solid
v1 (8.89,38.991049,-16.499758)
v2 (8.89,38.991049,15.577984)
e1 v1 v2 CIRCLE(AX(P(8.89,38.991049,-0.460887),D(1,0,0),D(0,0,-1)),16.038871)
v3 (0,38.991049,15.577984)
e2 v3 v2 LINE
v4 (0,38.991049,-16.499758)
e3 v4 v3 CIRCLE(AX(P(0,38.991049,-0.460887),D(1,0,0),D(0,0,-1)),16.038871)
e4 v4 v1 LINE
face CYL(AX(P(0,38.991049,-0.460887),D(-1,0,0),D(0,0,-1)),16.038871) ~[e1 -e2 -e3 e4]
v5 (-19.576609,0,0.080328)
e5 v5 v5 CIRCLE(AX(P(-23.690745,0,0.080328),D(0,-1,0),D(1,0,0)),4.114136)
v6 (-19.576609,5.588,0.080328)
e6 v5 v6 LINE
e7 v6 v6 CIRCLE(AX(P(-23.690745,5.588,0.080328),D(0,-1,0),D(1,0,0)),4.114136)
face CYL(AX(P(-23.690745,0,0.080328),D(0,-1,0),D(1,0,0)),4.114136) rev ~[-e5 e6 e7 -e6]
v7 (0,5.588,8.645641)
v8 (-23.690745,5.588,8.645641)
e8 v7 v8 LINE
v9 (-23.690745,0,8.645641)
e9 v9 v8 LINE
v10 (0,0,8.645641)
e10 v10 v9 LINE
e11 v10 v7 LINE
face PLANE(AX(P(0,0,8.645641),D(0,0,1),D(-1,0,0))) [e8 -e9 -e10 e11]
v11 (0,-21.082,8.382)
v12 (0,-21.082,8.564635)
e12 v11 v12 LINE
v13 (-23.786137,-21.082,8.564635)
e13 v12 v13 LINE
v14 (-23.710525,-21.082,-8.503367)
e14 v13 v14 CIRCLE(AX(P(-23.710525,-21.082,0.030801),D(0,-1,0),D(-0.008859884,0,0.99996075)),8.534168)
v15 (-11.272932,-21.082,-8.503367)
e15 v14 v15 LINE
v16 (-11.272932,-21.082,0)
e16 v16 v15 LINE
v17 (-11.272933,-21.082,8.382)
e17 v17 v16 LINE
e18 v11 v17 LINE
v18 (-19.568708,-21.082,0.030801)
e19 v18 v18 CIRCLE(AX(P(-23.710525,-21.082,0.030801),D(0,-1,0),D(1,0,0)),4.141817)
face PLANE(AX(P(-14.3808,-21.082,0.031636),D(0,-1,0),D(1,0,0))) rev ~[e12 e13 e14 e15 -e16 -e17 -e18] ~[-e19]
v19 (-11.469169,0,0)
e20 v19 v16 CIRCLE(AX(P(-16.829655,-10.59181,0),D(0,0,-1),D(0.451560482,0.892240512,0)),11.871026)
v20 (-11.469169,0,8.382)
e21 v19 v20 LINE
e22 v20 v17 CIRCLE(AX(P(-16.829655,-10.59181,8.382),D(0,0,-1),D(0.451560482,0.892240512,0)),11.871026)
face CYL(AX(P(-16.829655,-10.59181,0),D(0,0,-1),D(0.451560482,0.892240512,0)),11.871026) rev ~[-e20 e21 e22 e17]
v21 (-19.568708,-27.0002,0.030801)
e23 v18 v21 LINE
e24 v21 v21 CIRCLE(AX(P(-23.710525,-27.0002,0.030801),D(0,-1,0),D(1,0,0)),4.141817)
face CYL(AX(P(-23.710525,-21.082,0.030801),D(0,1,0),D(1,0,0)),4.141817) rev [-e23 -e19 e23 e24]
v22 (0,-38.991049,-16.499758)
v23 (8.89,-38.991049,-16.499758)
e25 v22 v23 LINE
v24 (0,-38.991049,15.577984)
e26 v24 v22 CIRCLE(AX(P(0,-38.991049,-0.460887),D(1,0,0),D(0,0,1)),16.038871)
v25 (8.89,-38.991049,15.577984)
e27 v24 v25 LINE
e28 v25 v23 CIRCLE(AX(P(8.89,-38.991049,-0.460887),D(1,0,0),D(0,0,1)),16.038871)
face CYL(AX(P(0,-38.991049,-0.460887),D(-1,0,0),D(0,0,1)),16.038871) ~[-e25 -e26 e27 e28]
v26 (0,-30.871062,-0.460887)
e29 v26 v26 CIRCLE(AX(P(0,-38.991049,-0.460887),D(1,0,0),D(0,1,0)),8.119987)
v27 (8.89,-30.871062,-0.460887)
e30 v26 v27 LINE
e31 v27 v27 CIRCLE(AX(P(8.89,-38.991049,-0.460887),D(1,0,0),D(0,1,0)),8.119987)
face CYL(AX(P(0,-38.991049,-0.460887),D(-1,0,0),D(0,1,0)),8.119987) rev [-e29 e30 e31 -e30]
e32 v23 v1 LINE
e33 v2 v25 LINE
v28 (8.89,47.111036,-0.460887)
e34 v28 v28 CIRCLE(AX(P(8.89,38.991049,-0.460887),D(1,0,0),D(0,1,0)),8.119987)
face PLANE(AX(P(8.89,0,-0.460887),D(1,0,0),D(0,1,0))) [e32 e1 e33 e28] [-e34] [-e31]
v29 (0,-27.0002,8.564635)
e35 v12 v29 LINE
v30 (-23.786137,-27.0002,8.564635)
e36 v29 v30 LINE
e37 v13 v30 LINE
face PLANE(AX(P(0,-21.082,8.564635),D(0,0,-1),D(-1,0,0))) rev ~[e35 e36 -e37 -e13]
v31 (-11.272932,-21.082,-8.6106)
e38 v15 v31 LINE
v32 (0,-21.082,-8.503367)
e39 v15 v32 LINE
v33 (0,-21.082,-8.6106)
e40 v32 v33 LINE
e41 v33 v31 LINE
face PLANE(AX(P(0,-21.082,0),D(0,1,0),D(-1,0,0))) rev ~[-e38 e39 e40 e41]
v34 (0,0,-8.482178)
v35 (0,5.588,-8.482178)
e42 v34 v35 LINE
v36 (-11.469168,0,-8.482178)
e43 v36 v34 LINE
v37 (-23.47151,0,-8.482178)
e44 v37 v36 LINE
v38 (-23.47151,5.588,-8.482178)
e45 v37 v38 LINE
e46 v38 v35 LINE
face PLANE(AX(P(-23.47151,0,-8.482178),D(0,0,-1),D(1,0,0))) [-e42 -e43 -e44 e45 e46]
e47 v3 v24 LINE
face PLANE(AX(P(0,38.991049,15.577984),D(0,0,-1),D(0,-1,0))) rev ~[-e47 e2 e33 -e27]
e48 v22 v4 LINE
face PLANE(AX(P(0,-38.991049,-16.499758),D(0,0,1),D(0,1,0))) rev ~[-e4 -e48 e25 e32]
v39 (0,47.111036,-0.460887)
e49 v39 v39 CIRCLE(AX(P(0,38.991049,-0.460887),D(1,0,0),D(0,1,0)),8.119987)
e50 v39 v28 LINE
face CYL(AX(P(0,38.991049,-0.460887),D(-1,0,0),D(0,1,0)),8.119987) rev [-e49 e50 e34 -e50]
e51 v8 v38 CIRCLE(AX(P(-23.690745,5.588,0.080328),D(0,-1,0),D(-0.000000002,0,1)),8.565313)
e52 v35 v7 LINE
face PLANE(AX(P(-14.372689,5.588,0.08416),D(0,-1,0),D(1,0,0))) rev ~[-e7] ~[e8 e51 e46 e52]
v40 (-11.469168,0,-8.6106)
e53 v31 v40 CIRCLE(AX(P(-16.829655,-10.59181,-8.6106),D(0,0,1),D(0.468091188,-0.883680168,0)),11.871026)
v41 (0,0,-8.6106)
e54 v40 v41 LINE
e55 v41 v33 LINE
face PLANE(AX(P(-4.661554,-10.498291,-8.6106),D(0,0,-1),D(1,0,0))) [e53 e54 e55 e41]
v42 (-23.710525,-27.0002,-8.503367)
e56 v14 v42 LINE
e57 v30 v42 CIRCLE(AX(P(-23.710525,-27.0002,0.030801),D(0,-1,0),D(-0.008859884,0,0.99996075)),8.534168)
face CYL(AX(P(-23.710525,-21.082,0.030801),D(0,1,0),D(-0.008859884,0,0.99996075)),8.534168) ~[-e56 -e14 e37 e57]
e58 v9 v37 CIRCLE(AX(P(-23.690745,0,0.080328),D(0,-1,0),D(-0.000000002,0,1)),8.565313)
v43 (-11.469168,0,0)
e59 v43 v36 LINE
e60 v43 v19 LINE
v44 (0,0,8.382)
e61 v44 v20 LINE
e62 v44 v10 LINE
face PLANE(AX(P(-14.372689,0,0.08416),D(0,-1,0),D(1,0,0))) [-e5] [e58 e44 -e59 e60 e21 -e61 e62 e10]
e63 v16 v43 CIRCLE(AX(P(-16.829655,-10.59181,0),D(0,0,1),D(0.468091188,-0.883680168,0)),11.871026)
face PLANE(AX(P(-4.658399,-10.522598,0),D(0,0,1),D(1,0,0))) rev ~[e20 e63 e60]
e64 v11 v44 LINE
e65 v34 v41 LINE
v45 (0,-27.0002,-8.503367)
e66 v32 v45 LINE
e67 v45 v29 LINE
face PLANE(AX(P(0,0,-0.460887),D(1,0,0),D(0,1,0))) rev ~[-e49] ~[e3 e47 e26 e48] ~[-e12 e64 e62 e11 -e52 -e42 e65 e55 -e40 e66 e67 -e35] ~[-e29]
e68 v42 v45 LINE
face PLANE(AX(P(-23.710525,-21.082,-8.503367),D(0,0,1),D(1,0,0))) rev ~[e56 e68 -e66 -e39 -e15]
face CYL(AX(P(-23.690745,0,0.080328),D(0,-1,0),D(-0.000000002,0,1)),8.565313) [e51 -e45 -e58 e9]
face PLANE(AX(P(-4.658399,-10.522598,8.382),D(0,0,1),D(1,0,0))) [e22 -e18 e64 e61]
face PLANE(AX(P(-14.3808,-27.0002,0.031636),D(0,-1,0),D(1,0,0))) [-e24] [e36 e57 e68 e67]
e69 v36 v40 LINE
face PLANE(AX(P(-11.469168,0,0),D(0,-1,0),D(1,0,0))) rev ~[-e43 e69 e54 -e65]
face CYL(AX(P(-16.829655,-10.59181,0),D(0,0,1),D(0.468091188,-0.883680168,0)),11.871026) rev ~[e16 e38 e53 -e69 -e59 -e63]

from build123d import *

# Parameters (mm, degrees)
F0_R     = 8.119987
F1_DEPTH = 8.89
F4_R     = 4.141817
F5_DEPTH = 5.9182
F6_R     = 4.114136
F7_DEPTH = 5.588
F8_DEPTH = 8.382
F9_DEPTH = 8.6106


with BuildPart() as f1:
    # F0 (on Right) → F1 (new body)
    with BuildSketch(Plane.YZ):
        with BuildLine():
            Line((-38.991049, -16.499758), (0, -16.499758))
            Line((0, -16.499758), (38.991049, -16.499758))
            ThreePointArc((38.991049, -16.499758), (55.02992, -0.460887), (38.991049, 15.577984))
            Line((38.991049, 15.577984), (-38.991049, 15.577984))
            ThreePointArc((-38.991049, 15.577984), (-55.02992, -0.460887), (-38.991049, -16.499758))
        make_face()
        with Locations((-38.991049, -0.460887)):
            Circle(F0_R, mode=Mode.SUBTRACT)
        with Locations((38.991049, -0.460887)):
            Circle(F0_R, mode=Mode.SUBTRACT)
    extrude(amount=F1_DEPTH)

    # F4 (on offset) → F5 (join)
    with BuildSketch(Plane.XZ.offset(21.082)):
        with BuildLine():
            Line((0, -8.503367), (0, 8.564635))
            Line((0, 8.564635), (-23.786137, 8.564635))
            ThreePointArc((-23.786137, 8.564635), (-32.24461, -0.007005), (-23.710525, -8.503367))
            Line((-23.710525, -8.503367), (0, -8.503367))
        make_face()
        with Locations((-23.710525, 0.030801)):
            Circle(F4_R, mode=Mode.SUBTRACT)
    extrude(amount=F5_DEPTH)

    # F6 (on Front) → F7 (join)
    with BuildSketch(Plane.XZ):
        with BuildLine():
            Line((0, -8.482178), (0, 8.645641))
            Line((0, 8.645641), (-23.690745, 8.645641))
            ThreePointArc((-23.690745, 8.645641), (-32.255356, -0.029298), (-23.47151, -8.482178))
            Line((-23.47151, -8.482178), (0, -8.482178))
        make_face()
        with Locations((-23.690745, 0.080328)):
            Circle(F6_R, mode=Mode.SUBTRACT)
    extrude(amount=-F7_DEPTH)

    # F3 (on Top) → F8 (join)
    with BuildSketch(Plane.XY):
        with BuildLine():
            ThreePointArc((-11.469169, 0), (-4.959083, -10.488037), (-11.284814, -21.088285))
            Line((-11.284814, -21.088285), (0, -21.167291))
            Line((0, -21.167291), (0, 0))
            Line((0, 0), (-11.469169, 0))
        make_face()
    extrude(amount=F8_DEPTH)

    # F8_face (on face) → F9 (join)
    with BuildSketch(Plane(origin=(-3.631356, -10.506783, 0), x_dir=(1, 0, 0), z_dir=(0, 0, -1))):
        with BuildLine():
            Line((-7.837812, -10.506783), (3.631356, -10.506783))
            Line((3.631356, -10.506783), (3.631356, 10.575217))
            Line((3.631356, 10.575217), (-7.641576, 10.575217))
            ThreePointArc((-7.641576, 10.575217), (-1.327787, -0.025466), (-7.837812, -10.506783))
        make_face()
    extrude(amount=F9_DEPTH)


solid = f1.part
